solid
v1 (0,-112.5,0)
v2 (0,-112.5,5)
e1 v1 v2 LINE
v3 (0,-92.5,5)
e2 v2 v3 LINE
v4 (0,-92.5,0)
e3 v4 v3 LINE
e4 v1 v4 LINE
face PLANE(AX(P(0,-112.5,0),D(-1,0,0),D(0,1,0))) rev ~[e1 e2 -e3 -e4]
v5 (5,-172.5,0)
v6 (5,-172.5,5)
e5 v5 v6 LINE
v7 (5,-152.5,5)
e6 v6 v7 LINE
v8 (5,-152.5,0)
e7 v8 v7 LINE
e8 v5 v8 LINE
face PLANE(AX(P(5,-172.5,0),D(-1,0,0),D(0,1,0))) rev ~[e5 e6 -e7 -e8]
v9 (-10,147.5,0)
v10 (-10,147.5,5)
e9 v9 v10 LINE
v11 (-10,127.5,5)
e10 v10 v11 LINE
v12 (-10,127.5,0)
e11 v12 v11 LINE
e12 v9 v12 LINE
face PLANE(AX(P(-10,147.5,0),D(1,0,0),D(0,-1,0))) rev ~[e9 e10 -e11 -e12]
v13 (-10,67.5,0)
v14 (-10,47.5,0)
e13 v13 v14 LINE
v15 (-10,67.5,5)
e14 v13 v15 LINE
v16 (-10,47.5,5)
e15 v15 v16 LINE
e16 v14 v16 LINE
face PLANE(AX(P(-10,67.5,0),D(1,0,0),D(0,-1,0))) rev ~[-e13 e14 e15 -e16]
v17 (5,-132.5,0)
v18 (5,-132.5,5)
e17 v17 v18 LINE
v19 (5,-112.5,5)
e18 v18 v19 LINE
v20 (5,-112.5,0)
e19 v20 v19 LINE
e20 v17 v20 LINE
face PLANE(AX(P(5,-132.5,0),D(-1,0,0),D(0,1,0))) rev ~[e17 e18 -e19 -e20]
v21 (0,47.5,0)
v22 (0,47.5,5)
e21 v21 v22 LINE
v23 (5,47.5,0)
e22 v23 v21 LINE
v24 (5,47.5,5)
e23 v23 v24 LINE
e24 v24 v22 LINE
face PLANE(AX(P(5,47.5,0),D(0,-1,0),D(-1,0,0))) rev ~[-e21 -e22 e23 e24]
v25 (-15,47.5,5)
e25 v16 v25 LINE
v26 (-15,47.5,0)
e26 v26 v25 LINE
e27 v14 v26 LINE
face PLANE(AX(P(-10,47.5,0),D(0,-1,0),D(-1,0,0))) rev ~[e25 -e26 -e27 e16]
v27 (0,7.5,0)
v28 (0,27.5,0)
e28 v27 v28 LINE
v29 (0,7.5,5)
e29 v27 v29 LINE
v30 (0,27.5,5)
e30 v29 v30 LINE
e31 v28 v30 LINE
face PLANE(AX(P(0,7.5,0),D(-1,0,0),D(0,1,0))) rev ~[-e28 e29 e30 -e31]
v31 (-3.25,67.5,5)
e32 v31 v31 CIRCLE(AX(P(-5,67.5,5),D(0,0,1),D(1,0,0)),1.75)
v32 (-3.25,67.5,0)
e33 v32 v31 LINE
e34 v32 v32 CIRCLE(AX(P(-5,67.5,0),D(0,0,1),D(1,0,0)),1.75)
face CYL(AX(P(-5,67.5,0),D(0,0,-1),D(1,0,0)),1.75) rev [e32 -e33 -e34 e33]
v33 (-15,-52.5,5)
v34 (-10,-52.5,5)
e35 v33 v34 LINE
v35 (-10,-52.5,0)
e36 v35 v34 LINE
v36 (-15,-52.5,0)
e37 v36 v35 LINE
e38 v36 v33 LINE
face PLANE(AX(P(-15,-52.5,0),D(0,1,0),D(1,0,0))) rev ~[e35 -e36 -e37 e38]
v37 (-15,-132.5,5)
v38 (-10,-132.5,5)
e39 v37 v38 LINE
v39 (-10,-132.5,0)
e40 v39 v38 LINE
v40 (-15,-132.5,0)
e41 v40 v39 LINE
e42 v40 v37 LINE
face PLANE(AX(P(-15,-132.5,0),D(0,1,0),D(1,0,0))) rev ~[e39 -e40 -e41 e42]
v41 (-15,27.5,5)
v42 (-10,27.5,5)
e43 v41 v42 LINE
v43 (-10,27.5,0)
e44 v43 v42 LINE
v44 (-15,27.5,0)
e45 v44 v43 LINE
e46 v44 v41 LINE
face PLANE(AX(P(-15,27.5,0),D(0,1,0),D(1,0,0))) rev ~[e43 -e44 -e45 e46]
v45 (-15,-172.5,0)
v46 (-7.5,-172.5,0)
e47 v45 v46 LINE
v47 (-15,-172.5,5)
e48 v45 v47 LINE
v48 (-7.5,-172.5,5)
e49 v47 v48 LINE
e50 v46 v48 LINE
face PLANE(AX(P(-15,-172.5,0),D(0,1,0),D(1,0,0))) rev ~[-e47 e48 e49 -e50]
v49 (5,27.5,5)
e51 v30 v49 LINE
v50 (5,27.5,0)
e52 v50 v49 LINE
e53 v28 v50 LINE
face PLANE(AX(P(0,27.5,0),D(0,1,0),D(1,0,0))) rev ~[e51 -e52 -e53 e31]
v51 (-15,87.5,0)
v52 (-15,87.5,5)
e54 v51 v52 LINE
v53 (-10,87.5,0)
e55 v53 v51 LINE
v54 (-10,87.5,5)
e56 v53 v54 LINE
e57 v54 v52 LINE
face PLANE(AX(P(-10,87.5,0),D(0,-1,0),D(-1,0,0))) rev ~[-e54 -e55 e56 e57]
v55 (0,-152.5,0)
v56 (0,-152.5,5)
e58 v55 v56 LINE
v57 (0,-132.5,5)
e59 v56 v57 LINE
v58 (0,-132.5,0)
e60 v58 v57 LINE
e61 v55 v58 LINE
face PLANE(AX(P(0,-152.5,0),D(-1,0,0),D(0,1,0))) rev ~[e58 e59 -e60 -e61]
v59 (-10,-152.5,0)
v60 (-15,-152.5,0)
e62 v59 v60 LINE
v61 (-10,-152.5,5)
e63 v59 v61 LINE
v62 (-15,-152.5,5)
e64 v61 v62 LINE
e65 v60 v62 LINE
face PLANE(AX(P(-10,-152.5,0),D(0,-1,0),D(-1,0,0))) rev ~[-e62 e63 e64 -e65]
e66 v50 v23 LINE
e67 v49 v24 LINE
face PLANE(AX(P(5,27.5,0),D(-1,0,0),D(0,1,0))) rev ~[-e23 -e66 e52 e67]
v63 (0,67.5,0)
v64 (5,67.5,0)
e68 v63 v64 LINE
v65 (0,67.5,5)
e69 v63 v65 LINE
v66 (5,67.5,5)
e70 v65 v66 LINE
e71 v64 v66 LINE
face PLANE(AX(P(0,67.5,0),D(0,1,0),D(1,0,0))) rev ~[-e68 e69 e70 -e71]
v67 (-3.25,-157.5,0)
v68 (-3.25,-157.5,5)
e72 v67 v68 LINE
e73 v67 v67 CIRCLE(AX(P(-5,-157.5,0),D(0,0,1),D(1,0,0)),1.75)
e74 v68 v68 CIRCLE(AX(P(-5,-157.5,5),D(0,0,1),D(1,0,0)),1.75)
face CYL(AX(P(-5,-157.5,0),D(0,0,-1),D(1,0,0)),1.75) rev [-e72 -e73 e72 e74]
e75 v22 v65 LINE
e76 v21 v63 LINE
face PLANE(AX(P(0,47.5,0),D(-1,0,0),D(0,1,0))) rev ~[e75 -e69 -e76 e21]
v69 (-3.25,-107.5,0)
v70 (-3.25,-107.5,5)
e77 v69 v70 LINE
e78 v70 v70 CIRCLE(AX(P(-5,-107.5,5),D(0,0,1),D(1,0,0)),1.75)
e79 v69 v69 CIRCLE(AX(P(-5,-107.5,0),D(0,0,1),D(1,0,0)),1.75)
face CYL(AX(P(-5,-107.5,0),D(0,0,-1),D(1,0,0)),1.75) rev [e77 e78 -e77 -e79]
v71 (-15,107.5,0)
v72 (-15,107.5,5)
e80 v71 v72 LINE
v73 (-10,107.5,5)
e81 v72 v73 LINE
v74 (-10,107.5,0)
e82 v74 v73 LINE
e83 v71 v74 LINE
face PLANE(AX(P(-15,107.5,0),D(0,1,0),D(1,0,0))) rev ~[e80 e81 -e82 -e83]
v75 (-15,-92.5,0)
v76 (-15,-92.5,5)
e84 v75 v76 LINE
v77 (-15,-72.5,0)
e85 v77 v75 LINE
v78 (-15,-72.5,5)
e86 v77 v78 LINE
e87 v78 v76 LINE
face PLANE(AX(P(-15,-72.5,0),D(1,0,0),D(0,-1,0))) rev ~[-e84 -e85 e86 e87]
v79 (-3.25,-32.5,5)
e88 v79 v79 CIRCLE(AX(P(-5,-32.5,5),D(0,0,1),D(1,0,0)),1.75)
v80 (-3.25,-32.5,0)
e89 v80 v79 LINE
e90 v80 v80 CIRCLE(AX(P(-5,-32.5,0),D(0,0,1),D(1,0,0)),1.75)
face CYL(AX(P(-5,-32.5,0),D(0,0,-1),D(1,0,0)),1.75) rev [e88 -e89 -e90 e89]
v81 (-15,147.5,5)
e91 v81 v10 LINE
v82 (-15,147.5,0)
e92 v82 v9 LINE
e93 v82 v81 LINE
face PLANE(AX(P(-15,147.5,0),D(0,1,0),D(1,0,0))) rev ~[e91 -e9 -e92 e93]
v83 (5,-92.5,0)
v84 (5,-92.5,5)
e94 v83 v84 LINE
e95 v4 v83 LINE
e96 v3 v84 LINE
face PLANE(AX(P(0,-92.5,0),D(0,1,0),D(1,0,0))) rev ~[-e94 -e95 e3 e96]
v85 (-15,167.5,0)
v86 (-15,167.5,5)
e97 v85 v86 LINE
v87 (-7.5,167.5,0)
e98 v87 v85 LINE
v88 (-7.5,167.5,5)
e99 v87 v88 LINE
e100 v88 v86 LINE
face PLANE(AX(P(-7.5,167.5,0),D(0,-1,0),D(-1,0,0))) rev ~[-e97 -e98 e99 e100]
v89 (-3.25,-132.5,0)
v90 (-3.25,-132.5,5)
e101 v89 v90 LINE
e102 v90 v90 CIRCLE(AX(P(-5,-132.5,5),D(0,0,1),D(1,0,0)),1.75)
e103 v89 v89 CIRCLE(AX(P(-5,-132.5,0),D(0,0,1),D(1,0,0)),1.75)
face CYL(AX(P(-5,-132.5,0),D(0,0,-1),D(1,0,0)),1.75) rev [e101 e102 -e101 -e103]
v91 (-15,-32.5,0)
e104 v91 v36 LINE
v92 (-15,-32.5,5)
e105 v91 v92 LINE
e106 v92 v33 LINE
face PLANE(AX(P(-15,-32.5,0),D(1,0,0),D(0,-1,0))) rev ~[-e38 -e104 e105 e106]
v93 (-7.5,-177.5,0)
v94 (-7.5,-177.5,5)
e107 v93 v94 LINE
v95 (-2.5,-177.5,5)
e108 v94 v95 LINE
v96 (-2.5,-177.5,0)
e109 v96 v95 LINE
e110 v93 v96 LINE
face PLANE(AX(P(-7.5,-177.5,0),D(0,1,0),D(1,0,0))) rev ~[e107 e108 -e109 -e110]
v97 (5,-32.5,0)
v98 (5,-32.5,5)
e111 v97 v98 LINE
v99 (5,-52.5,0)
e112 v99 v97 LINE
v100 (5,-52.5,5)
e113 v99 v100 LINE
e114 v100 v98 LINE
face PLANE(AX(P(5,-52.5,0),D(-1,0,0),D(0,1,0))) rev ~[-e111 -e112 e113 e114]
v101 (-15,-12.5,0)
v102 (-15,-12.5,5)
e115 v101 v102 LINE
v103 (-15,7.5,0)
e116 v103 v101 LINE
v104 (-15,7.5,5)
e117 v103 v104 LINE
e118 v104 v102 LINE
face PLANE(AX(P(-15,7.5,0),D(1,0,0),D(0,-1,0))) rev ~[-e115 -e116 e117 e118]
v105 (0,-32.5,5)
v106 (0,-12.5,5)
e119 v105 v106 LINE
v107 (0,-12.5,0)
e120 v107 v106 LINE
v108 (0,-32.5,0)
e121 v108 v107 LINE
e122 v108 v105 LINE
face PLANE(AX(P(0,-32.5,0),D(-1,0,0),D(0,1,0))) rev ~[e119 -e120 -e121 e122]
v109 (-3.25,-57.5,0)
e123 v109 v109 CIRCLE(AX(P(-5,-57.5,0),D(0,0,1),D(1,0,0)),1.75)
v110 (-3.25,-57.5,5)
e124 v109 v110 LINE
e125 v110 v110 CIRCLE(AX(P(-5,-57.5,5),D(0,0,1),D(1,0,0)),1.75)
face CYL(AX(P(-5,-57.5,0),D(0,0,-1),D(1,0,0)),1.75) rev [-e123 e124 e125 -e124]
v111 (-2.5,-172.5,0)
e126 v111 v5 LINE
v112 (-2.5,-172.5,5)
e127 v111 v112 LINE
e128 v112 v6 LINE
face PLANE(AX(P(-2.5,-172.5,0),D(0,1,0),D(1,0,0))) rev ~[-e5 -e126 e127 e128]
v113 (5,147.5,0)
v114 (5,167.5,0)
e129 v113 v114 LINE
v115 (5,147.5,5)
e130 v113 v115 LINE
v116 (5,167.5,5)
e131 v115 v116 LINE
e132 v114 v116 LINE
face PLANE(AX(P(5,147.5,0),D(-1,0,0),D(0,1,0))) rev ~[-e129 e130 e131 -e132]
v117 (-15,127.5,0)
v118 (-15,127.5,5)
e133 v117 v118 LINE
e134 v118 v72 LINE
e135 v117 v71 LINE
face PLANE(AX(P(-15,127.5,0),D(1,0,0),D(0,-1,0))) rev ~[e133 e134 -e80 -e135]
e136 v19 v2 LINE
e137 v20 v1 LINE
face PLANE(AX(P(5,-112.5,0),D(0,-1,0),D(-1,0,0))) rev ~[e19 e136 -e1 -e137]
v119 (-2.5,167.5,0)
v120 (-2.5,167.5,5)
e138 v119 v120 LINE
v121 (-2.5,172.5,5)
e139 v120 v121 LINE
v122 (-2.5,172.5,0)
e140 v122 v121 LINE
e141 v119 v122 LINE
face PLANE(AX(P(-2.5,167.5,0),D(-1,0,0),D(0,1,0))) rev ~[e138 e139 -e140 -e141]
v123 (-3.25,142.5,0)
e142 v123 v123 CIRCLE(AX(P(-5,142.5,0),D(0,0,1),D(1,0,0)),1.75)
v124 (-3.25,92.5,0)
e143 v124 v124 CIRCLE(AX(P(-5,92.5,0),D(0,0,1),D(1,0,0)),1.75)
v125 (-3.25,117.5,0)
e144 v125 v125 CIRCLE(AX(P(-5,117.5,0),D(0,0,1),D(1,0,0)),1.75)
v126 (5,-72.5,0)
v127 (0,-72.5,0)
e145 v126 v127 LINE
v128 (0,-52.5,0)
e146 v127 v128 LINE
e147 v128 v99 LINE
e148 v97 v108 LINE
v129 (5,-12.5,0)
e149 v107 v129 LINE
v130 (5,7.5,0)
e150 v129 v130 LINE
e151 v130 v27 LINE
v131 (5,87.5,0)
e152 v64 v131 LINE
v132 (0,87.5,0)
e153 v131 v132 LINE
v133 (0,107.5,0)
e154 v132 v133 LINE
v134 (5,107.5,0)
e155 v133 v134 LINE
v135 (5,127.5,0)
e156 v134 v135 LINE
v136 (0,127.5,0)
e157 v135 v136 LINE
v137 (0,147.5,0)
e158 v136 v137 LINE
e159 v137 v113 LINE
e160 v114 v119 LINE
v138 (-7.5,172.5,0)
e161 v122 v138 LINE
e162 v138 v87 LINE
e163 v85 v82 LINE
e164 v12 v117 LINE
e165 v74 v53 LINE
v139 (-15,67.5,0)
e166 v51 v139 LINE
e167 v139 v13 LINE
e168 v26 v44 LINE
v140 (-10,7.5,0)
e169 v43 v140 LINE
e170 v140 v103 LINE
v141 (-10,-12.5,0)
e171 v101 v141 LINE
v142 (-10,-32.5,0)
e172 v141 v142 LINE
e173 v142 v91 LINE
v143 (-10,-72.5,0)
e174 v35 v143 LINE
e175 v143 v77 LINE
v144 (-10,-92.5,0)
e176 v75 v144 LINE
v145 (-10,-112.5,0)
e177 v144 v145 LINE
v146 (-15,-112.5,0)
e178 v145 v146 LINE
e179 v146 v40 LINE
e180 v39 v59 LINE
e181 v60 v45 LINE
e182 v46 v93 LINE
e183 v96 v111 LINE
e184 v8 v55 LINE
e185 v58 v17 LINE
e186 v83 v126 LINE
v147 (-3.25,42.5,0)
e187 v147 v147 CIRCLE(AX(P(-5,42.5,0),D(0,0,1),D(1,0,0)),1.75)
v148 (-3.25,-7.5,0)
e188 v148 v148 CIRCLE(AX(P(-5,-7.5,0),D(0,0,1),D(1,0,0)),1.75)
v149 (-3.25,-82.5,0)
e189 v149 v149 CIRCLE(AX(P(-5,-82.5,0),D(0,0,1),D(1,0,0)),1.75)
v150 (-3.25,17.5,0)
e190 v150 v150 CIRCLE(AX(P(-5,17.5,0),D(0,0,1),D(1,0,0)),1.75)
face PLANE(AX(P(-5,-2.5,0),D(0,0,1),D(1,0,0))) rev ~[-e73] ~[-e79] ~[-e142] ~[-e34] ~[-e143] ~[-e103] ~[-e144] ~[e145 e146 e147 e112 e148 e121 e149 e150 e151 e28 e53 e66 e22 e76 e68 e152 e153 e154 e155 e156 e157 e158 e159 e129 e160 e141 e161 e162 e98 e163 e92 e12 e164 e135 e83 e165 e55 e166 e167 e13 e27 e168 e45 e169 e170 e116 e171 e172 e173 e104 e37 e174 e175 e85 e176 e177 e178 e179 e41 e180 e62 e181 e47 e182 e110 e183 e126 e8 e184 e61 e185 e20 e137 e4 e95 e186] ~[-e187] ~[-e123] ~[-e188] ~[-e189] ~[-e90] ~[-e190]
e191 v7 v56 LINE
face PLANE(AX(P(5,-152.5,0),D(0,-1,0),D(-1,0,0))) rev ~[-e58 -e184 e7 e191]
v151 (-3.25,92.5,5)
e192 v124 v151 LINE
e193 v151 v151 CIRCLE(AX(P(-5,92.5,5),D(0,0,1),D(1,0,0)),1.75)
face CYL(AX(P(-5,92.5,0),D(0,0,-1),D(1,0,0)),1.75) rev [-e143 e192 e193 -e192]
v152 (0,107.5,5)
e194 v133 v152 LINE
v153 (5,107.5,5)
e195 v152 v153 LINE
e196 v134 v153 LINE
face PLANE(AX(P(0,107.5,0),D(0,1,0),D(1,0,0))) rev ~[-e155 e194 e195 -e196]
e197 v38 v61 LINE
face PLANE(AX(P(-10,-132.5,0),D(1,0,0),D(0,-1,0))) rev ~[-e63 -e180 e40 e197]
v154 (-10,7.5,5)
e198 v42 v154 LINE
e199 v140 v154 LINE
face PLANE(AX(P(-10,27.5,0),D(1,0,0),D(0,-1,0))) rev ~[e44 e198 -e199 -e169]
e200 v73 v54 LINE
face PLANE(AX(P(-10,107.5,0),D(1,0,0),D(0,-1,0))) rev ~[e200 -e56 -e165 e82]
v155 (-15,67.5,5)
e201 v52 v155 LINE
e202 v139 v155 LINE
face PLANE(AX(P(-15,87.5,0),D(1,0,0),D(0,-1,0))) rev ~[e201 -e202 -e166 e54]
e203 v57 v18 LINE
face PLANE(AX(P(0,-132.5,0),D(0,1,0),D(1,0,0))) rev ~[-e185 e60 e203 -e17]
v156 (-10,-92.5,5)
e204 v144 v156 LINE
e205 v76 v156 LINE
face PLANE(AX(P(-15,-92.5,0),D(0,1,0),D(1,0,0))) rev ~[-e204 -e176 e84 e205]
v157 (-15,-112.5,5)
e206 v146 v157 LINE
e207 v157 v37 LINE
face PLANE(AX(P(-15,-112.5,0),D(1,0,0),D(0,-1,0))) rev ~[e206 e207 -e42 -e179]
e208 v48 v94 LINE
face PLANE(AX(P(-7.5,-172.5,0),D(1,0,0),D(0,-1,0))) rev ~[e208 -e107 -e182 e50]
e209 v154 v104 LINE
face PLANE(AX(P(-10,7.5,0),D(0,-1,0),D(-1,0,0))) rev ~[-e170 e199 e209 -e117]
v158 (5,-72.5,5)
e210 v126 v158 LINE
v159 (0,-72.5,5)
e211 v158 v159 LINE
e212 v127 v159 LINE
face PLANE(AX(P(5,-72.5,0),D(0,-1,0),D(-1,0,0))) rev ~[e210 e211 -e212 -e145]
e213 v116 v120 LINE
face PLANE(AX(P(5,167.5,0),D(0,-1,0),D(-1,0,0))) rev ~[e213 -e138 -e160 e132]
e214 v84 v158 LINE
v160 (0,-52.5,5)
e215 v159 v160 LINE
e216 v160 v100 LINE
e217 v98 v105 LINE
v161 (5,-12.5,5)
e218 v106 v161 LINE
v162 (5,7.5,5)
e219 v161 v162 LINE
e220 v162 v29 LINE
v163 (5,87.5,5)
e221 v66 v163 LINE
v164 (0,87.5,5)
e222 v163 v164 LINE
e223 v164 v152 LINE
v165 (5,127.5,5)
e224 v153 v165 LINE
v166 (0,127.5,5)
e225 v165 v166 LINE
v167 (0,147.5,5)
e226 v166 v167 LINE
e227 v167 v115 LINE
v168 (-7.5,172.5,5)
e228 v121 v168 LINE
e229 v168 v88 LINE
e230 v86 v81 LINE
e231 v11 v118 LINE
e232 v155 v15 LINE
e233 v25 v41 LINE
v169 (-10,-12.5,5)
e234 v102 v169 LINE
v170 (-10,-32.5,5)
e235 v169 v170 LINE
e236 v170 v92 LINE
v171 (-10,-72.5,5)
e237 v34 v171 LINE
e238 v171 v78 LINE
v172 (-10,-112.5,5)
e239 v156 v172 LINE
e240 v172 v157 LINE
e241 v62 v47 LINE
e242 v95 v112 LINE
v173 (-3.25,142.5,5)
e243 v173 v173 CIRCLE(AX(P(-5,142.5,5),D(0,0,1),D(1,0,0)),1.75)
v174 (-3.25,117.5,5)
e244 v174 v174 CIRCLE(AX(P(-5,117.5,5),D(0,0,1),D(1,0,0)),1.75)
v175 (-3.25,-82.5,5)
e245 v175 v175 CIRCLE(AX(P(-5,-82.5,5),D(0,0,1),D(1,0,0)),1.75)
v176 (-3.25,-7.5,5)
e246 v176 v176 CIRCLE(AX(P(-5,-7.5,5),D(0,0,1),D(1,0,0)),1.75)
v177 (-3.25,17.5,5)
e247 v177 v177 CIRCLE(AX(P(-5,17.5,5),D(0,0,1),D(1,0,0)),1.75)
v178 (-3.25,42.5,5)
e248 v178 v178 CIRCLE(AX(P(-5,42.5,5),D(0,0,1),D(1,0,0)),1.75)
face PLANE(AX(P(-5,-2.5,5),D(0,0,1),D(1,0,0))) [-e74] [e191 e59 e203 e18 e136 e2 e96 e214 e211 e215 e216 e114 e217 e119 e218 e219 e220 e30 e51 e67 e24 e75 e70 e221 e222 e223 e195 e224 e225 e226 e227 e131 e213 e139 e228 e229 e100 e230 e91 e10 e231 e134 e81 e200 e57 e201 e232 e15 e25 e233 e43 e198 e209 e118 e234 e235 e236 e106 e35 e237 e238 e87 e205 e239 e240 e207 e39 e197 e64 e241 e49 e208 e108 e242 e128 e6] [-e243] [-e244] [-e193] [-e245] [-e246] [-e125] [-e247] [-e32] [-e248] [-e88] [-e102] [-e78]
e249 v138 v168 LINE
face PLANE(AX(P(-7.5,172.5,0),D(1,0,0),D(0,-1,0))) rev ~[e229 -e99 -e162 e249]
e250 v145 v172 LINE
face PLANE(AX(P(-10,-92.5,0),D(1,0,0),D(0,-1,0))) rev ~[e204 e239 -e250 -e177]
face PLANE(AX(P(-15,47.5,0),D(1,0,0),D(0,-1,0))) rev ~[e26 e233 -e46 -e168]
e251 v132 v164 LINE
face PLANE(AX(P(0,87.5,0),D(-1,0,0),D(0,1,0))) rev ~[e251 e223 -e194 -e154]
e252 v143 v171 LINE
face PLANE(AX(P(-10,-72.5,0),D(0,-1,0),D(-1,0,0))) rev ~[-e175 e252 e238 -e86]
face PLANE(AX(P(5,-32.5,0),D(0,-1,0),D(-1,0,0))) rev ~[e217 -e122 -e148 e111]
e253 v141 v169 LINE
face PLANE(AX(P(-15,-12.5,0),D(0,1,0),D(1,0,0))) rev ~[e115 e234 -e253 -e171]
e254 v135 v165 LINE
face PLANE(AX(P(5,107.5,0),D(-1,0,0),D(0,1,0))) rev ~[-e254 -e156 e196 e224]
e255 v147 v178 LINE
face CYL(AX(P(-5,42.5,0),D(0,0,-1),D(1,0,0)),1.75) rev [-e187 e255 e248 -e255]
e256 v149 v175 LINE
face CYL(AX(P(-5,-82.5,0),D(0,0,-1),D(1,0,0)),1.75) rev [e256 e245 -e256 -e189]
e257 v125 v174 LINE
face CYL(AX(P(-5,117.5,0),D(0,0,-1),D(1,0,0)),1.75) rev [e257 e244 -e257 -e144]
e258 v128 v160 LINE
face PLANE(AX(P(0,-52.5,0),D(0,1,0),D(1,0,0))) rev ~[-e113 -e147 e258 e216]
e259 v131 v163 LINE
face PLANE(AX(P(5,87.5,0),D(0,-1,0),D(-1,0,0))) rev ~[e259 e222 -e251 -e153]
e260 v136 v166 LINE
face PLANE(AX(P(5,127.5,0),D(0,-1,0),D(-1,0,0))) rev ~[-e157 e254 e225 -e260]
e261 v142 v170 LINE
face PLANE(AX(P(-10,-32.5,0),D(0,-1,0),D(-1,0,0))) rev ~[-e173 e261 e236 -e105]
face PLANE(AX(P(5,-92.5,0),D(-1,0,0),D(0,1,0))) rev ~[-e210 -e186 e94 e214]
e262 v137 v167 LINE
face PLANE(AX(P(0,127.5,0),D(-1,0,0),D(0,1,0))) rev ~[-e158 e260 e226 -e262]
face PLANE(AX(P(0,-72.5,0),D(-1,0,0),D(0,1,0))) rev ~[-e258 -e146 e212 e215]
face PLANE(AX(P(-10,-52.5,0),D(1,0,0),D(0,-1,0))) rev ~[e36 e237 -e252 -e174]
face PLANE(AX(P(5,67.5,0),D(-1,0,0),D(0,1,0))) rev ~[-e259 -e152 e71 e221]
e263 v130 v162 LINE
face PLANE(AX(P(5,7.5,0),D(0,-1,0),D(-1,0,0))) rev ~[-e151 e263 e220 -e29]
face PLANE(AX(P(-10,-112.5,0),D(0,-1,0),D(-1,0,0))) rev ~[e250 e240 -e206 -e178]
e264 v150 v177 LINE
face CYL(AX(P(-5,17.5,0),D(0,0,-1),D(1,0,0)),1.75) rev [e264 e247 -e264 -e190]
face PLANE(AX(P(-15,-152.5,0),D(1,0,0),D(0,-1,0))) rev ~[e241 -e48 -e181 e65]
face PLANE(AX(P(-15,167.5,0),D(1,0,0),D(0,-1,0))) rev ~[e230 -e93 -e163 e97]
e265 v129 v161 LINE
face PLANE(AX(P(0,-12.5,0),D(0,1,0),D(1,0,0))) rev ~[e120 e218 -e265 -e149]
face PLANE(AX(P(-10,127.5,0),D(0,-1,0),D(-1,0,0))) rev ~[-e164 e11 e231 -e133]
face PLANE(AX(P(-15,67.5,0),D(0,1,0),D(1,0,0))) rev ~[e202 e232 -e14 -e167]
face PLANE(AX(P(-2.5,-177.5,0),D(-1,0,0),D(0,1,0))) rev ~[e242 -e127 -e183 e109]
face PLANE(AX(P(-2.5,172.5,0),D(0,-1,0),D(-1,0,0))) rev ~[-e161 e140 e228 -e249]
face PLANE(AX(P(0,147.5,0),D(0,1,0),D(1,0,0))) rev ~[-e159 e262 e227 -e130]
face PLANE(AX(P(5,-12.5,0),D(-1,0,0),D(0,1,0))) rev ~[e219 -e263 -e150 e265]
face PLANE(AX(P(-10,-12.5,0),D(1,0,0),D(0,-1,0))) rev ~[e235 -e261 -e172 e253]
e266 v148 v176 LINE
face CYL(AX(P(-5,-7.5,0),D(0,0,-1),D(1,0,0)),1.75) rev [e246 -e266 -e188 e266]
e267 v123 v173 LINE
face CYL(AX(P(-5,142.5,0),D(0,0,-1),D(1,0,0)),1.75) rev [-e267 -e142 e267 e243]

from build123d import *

# Parameters (mm, degrees)
MODEL_R             = 1.75
BOSS_EXTRUDE1_DEPTH = 5


with BuildPart() as part:
    # Model → Boss-Extrude1 (new body)
    with BuildSketch(Plane.XY):
        Polygon((5, -152.5), (0, -152.5), (0, -132.5), (5, -132.5), (5, -112.5), (0, -112.5), (0, -92.5), (5, -92.5), (5, -72.5), (0, -72.5), (0, -52.5), (5, -52.5), (5, -32.5), (0, -32.5), (0, -12.5), (5, -12.5), (5, 7.5), (0, 7.5), (0, 27.5), (5, 27.5), (5, 47.5), (0, 47.5), (0, 67.5), (5, 67.5), (5, 87.5), (0, 87.5), (0, 107.5), (5, 107.5), (5, 127.5), (0, 127.5), (0, 147.5), (5, 147.5), (5, 167.5), (-2.5, 167.5), (-2.5, 172.5), (-7.5, 172.5), (-7.5, 167.5), (-15, 167.5), (-15, 147.5), (-10, 147.5), (-10, 127.5), (-15, 127.5), (-15, 107.5), (-10, 107.5), (-10, 87.5), (-15, 87.5), (-15, 67.5), (-10, 67.5), (-10, 47.5), (-15, 47.5), (-15, 27.5), (-10, 27.5), (-10, 7.5), (-15, 7.5), (-15, -12.5), (-10, -12.5), (-10, -32.5), (-15, -32.5), (-15, -52.5), (-10, -52.5), (-10, -72.5), (-15, -72.5), (-15, -92.5), (-10, -92.5), (-10, -112.5), (-15, -112.5), (-15, -132.5), (-10, -132.5), (-10, -152.5), (-15, -152.5), (-15, -172.5), (-7.5, -172.5), (-7.5, -177.5), (-2.5, -177.5), (-2.5, -172.5), (5, -172.5), align=None)
        with Locations((-5, 142.5)):
            Circle(MODEL_R, mode=Mode.SUBTRACT)
        with Locations((-5, 117.5)):
            Circle(MODEL_R, mode=Mode.SUBTRACT)
        with Locations((-5, 92.5)):
            Circle(MODEL_R, mode=Mode.SUBTRACT)
        with Locations((-5, 67.5)):
            Circle(MODEL_R, mode=Mode.SUBTRACT)
        with Locations((-5, 42.5)):
            Circle(MODEL_R, mode=Mode.SUBTRACT)
        with Locations((-5, 17.5)):
            Circle(MODEL_R, mode=Mode.SUBTRACT)
        with Locations((-5, -7.5)):
            Circle(MODEL_R, mode=Mode.SUBTRACT)
        with Locations((-5, -32.5)):
            Circle(MODEL_R, mode=Mode.SUBTRACT)
        with Locations((-5, -57.5)):
            Circle(MODEL_R, mode=Mode.SUBTRACT)
        with Locations((-5, -82.5)):
            Circle(MODEL_R, mode=Mode.SUBTRACT)
        with Locations((-5, -107.5)):
            Circle(MODEL_R, mode=Mode.SUBTRACT)
        with Locations((-5, -132.5)):
            Circle(MODEL_R, mode=Mode.SUBTRACT)
        with Locations((-5, -157.5)):
            Circle(MODEL_R, mode=Mode.SUBTRACT)
    extrude(amount=BOSS_EXTRUDE1_DEPTH)


solid = part.part
